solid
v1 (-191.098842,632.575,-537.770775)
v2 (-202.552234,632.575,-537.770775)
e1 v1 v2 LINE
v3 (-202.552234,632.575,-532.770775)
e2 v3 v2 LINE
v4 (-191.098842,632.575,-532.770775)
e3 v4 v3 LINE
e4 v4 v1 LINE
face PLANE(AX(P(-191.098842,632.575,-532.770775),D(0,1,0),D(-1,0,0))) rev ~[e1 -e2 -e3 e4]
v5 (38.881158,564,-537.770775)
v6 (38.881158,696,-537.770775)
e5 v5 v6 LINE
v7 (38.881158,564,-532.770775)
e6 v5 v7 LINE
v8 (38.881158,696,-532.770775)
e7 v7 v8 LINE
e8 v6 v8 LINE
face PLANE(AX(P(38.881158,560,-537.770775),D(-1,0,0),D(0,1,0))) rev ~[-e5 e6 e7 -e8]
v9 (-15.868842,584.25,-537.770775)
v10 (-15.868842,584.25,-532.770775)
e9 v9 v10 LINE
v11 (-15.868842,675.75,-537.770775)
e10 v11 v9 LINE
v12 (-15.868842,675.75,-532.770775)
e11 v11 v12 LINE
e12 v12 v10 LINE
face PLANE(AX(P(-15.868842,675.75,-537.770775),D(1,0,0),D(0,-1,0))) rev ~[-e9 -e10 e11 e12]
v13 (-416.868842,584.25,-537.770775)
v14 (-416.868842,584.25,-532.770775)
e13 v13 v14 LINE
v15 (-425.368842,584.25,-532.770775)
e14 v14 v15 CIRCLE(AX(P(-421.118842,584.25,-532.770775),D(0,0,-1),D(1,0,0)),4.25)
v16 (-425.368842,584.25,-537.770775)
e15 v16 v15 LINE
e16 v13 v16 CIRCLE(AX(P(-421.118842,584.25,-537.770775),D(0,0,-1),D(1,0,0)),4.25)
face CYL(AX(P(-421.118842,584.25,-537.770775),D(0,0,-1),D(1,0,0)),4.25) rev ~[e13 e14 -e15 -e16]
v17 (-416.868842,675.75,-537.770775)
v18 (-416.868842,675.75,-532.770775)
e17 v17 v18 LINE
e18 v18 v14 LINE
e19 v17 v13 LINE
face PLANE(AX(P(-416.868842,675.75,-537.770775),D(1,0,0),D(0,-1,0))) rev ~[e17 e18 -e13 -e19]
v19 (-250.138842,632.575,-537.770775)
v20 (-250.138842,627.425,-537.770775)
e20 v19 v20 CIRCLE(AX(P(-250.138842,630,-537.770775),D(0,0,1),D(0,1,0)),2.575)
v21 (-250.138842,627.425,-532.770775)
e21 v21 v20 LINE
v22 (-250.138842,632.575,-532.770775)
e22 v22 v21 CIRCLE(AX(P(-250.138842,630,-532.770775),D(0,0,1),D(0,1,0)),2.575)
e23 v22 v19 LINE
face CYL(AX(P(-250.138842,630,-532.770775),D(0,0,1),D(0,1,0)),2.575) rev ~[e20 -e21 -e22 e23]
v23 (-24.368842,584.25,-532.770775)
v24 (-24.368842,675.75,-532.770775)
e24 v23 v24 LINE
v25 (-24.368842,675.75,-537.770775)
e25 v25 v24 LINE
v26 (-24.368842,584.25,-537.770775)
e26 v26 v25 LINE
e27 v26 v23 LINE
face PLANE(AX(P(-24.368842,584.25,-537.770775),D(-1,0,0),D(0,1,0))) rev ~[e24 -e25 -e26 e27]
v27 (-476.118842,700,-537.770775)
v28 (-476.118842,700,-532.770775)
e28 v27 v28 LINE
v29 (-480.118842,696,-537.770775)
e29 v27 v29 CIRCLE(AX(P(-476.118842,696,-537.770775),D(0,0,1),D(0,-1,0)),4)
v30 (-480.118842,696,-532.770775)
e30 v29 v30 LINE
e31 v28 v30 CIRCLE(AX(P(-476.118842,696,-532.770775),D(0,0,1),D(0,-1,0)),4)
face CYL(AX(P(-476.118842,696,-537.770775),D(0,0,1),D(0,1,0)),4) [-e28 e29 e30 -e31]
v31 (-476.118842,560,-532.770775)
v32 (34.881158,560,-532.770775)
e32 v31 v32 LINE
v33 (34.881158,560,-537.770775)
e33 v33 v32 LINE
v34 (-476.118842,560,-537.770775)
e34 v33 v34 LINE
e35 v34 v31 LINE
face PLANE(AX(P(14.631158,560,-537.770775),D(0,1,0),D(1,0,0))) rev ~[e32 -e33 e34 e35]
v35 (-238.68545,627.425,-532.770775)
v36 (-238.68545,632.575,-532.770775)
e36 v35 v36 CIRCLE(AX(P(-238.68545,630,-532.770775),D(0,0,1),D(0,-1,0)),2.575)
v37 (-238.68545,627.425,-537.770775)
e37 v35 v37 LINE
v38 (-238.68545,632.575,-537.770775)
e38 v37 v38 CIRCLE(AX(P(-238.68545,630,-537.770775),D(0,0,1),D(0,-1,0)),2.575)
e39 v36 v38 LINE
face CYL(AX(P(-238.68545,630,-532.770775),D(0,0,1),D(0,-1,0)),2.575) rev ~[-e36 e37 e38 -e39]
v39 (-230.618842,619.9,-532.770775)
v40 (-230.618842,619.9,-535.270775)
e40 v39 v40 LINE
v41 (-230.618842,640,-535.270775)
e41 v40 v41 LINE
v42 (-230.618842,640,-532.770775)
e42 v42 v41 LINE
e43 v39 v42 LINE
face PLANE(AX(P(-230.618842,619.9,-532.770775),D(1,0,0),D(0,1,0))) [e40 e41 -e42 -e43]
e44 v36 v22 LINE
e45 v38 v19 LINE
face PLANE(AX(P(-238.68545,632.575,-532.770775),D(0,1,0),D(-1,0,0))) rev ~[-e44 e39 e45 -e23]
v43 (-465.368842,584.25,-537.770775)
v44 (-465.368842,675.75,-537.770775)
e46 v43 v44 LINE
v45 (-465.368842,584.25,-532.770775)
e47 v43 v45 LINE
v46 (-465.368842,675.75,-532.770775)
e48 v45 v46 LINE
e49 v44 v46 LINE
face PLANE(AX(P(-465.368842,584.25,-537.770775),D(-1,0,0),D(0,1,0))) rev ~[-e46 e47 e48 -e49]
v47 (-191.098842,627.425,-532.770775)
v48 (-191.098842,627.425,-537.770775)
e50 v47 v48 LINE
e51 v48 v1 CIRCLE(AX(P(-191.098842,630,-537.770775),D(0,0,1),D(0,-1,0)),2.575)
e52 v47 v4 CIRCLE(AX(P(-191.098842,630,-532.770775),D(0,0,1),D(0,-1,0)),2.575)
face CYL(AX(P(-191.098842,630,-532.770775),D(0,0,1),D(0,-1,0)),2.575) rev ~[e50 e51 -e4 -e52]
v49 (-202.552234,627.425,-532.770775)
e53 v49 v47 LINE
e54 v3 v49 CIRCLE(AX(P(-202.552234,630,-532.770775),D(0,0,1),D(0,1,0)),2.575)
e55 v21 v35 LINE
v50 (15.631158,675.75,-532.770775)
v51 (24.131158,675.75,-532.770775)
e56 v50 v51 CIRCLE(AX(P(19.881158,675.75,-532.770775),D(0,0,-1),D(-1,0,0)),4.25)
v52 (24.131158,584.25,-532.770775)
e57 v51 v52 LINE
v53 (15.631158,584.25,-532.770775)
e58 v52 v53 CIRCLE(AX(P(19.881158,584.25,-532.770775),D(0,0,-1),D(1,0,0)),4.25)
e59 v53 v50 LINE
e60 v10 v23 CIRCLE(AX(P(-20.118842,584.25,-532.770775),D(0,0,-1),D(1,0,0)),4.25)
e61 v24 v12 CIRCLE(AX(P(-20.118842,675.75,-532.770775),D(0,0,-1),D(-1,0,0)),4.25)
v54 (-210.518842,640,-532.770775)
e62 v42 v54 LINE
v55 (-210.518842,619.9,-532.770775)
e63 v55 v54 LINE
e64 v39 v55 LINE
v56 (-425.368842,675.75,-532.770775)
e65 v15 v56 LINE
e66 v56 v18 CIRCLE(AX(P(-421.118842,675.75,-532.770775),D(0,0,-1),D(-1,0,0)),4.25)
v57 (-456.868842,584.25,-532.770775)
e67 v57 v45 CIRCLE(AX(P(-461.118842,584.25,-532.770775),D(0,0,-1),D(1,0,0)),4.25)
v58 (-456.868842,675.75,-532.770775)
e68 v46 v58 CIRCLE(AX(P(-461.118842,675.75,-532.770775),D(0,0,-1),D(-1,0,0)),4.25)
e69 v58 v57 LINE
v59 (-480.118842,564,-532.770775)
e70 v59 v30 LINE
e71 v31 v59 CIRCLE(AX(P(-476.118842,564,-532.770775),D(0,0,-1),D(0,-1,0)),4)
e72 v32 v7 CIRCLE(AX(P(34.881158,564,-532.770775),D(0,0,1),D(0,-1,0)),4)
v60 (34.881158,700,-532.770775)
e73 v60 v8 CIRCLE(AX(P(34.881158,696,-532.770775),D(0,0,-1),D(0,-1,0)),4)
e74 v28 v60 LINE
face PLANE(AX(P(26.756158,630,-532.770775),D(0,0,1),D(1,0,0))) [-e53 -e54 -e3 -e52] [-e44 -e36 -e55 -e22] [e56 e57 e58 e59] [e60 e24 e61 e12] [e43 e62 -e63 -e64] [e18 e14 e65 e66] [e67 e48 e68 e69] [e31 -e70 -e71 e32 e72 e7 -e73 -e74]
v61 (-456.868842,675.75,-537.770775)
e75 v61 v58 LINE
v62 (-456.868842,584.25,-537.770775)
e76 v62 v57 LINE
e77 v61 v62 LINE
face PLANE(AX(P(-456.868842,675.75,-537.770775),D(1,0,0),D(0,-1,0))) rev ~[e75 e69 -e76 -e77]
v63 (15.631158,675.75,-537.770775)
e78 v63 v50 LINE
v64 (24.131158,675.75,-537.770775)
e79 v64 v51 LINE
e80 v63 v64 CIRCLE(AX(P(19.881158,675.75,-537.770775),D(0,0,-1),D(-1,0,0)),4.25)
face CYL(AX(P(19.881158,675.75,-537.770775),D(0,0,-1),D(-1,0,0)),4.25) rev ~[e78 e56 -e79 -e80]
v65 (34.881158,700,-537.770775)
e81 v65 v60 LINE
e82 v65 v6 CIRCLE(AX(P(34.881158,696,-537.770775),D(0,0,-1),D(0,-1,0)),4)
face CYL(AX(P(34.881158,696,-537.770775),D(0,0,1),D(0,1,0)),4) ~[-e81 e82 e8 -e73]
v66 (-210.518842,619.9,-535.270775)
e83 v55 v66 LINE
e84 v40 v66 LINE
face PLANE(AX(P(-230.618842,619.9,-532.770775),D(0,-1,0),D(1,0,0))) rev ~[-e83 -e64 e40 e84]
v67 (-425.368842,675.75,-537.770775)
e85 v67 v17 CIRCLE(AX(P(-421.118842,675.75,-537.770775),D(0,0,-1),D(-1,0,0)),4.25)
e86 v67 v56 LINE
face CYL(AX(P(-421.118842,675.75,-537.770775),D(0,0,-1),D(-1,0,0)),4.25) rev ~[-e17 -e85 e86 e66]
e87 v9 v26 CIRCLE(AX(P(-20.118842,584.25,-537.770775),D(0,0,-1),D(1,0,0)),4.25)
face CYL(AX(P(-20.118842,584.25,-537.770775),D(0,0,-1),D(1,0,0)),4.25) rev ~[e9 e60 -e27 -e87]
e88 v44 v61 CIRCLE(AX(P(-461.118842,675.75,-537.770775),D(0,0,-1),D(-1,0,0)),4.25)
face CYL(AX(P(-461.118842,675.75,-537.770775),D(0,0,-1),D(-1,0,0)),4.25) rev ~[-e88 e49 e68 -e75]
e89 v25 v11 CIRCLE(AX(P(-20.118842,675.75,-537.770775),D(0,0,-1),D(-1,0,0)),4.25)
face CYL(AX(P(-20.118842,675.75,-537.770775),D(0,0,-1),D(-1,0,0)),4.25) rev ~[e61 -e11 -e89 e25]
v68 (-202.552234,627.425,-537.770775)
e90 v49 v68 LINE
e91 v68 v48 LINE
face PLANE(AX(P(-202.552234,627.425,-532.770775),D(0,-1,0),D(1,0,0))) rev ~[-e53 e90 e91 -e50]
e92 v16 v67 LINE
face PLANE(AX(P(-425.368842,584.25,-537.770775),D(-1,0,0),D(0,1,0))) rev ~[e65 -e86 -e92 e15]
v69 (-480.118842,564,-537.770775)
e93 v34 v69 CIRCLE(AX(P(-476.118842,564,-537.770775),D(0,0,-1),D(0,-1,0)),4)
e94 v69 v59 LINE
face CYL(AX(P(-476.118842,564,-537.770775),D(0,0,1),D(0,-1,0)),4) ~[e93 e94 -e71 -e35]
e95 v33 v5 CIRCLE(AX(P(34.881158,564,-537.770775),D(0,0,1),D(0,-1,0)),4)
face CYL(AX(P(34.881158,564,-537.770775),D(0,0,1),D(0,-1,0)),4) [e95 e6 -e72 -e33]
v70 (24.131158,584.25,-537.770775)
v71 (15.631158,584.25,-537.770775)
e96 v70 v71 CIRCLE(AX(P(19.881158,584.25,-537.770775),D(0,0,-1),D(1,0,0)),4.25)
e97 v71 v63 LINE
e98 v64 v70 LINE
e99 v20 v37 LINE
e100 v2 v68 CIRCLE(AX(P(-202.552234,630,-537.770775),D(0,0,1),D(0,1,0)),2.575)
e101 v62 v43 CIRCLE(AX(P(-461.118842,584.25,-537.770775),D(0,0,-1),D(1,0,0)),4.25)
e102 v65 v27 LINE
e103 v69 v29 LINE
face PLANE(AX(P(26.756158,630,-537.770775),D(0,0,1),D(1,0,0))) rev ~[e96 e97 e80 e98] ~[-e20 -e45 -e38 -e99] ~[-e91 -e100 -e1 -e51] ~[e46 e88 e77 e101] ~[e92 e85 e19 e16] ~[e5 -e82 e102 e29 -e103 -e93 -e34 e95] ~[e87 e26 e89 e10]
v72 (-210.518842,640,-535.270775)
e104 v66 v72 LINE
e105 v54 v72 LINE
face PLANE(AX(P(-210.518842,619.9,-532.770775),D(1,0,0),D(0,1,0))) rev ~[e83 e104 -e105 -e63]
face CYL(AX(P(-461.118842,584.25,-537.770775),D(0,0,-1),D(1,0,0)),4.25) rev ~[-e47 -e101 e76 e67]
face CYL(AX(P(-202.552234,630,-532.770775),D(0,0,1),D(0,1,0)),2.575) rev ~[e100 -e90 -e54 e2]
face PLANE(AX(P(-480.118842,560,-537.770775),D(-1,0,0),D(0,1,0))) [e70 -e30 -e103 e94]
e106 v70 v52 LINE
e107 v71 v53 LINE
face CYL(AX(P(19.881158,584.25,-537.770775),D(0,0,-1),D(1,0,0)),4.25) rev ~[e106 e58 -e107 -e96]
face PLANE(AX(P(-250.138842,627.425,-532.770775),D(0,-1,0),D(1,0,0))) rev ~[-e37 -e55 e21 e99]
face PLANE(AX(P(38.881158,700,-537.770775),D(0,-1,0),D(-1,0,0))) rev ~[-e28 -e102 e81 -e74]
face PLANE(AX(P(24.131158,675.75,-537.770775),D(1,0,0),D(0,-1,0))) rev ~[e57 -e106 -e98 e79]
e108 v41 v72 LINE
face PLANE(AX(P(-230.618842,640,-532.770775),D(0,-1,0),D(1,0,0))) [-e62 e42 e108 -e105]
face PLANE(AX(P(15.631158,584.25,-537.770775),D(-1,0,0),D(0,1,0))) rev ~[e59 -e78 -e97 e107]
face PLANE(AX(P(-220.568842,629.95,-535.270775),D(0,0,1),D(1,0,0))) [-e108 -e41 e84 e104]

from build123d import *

# Parameters (mm, degrees)
SKETCH2_W           = 465.25
SKETCH2_H           = 140
SKETCH2_W_2         = 29.5
BOSS_EXTRUDE3_DEPTH = 5
FILLET1_R           = 4
SKETCH5_W           = 20.1
SKETCH5_H           = 20.1
CUT_EXTRUDE1_DEPTH  = 2.5
CUT_EXTRUDE2_DEPTH  = 10


with BuildPart() as part:
    # Sketch2 → Boss-Extrude3 (new body)
    # profile 1 of 3: a face of its own
    with BuildSketch(Plane.XY.offset(-537.770775127)):
        with Locations((-247.493842126, 630)):
            Rectangle(SKETCH2_W, SKETCH2_H)
        with BuildLine():
            Line((-456.868842126, 675.75), (-456.868842126, 584.25))
            ThreePointArc((-456.868842126, 584.25), (-461.118842126, 580), (-465.368842126, 584.25))
            Line((-465.368842126, 584.25), (-465.368842126, 675.75))
            ThreePointArc((-465.368842126, 675.75), (-461.118842126, 680), (-456.868842126, 675.75))
        make_face(mode=Mode.SUBTRACT)
        with BuildLine():
            ThreePointArc((-416.868842126, 584.25), (-421.118842126, 580), (-425.368842126, 584.25))
            Line((-425.368842126, 584.25), (-425.368842126, 675.75))
            ThreePointArc((-425.368842126, 675.75), (-421.118842126, 680), (-416.868842126, 675.75))
            Line((-416.868842126, 675.75), (-416.868842126, 584.25))
        make_face(mode=Mode.SUBTRACT)
        with BuildLine():
            Line((-15.868842127, 675.75), (-15.868842127, 584.25))
            ThreePointArc((-15.868842127, 584.25), (-20.118842127, 580), (-24.368842127, 584.25))
            Line((-24.368842127, 584.25), (-24.368842127, 675.75))
            ThreePointArc((-24.368842127, 675.75), (-20.118842127, 680), (-15.868842127, 675.75))
        make_face(mode=Mode.SUBTRACT)
    # profile 2 of 3: a face of its own
    with BuildSketch(Plane.XY.offset(-537.770775127)):
        with Locations((-0.118842126, 630)):
            Rectangle(SKETCH2_W_2, SKETCH2_H)
    # profile 3 of 3: a face of its own
    with BuildSketch(Plane.XY.offset(-537.770775127)):
        Polygon((15.631157874, 700), (14.631157874, 700), (14.631157874, 560), (38.881157874, 560), (38.881157874, 700), (24.131157874, 700), align=None)
        with BuildLine():
            ThreePointArc((24.131157874, 584.25), (19.881157874, 580), (15.631157874, 584.25))
            Line((15.631157874, 584.25), (15.631157874, 675.75))
            ThreePointArc((15.631157874, 675.75), (19.881157874, 680), (24.131157874, 675.75))
            Line((24.131157874, 675.75), (24.131157874, 584.25))
        make_face(mode=Mode.SUBTRACT)
    extrude(amount=BOSS_EXTRUDE3_DEPTH)

    # Fillet1
    fillet1_edges = [part.edges().sort_by_distance(p)[0] for p in [
        (-480.118842126, 700, -535.270775127),
        (38.881157874, 700, -535.270775127),
        (38.881157874, 560, -535.270775127),
        (-480.118842126, 560, -535.270775127),
    ]]
    fillet(fillet1_edges, radius=FILLET1_R)

    # Sketch5 → Cut-Extrude1 (cut)
    with BuildSketch(Plane.XY.offset(-532.770775127)):
        with Locations((-220.568842126, 629.95)):
            Rectangle(SKETCH5_W, SKETCH5_H)
    extrude(amount=-CUT_EXTRUDE1_DEPTH, mode=Mode.SUBTRACT)

    # Sketch6 → Cut-Extrude2 (cut)
    with BuildSketch(Plane.XY.offset(-532.770775127)):
        with BuildLine():
            Line((-191.098842126, 632.575), (-202.552234041, 632.575))
            ThreePointArc((-202.552234041, 632.575), (-205.127234041, 630), (-202.552234041, 627.425))
            Line((-202.552234041, 627.425), (-191.098842126, 627.425))
            ThreePointArc((-191.098842126, 627.425), (-188.523842126, 630), (-191.098842126, 632.575))
        make_face()
        with BuildLine():
            Line((-250.138842126, 627.425), (-238.685450212, 627.425))
            ThreePointArc((-238.685450212, 627.425), (-236.110450212, 630), (-238.685450212, 632.575))
            Line((-238.685450212, 632.575), (-250.138842126, 632.575))
            ThreePointArc((-250.138842126, 632.575), (-252.713842126, 630), (-250.138842126, 627.425))
        make_face()
    extrude(amount=-CUT_EXTRUDE2_DEPTH, mode=Mode.SUBTRACT)


solid = part.part
